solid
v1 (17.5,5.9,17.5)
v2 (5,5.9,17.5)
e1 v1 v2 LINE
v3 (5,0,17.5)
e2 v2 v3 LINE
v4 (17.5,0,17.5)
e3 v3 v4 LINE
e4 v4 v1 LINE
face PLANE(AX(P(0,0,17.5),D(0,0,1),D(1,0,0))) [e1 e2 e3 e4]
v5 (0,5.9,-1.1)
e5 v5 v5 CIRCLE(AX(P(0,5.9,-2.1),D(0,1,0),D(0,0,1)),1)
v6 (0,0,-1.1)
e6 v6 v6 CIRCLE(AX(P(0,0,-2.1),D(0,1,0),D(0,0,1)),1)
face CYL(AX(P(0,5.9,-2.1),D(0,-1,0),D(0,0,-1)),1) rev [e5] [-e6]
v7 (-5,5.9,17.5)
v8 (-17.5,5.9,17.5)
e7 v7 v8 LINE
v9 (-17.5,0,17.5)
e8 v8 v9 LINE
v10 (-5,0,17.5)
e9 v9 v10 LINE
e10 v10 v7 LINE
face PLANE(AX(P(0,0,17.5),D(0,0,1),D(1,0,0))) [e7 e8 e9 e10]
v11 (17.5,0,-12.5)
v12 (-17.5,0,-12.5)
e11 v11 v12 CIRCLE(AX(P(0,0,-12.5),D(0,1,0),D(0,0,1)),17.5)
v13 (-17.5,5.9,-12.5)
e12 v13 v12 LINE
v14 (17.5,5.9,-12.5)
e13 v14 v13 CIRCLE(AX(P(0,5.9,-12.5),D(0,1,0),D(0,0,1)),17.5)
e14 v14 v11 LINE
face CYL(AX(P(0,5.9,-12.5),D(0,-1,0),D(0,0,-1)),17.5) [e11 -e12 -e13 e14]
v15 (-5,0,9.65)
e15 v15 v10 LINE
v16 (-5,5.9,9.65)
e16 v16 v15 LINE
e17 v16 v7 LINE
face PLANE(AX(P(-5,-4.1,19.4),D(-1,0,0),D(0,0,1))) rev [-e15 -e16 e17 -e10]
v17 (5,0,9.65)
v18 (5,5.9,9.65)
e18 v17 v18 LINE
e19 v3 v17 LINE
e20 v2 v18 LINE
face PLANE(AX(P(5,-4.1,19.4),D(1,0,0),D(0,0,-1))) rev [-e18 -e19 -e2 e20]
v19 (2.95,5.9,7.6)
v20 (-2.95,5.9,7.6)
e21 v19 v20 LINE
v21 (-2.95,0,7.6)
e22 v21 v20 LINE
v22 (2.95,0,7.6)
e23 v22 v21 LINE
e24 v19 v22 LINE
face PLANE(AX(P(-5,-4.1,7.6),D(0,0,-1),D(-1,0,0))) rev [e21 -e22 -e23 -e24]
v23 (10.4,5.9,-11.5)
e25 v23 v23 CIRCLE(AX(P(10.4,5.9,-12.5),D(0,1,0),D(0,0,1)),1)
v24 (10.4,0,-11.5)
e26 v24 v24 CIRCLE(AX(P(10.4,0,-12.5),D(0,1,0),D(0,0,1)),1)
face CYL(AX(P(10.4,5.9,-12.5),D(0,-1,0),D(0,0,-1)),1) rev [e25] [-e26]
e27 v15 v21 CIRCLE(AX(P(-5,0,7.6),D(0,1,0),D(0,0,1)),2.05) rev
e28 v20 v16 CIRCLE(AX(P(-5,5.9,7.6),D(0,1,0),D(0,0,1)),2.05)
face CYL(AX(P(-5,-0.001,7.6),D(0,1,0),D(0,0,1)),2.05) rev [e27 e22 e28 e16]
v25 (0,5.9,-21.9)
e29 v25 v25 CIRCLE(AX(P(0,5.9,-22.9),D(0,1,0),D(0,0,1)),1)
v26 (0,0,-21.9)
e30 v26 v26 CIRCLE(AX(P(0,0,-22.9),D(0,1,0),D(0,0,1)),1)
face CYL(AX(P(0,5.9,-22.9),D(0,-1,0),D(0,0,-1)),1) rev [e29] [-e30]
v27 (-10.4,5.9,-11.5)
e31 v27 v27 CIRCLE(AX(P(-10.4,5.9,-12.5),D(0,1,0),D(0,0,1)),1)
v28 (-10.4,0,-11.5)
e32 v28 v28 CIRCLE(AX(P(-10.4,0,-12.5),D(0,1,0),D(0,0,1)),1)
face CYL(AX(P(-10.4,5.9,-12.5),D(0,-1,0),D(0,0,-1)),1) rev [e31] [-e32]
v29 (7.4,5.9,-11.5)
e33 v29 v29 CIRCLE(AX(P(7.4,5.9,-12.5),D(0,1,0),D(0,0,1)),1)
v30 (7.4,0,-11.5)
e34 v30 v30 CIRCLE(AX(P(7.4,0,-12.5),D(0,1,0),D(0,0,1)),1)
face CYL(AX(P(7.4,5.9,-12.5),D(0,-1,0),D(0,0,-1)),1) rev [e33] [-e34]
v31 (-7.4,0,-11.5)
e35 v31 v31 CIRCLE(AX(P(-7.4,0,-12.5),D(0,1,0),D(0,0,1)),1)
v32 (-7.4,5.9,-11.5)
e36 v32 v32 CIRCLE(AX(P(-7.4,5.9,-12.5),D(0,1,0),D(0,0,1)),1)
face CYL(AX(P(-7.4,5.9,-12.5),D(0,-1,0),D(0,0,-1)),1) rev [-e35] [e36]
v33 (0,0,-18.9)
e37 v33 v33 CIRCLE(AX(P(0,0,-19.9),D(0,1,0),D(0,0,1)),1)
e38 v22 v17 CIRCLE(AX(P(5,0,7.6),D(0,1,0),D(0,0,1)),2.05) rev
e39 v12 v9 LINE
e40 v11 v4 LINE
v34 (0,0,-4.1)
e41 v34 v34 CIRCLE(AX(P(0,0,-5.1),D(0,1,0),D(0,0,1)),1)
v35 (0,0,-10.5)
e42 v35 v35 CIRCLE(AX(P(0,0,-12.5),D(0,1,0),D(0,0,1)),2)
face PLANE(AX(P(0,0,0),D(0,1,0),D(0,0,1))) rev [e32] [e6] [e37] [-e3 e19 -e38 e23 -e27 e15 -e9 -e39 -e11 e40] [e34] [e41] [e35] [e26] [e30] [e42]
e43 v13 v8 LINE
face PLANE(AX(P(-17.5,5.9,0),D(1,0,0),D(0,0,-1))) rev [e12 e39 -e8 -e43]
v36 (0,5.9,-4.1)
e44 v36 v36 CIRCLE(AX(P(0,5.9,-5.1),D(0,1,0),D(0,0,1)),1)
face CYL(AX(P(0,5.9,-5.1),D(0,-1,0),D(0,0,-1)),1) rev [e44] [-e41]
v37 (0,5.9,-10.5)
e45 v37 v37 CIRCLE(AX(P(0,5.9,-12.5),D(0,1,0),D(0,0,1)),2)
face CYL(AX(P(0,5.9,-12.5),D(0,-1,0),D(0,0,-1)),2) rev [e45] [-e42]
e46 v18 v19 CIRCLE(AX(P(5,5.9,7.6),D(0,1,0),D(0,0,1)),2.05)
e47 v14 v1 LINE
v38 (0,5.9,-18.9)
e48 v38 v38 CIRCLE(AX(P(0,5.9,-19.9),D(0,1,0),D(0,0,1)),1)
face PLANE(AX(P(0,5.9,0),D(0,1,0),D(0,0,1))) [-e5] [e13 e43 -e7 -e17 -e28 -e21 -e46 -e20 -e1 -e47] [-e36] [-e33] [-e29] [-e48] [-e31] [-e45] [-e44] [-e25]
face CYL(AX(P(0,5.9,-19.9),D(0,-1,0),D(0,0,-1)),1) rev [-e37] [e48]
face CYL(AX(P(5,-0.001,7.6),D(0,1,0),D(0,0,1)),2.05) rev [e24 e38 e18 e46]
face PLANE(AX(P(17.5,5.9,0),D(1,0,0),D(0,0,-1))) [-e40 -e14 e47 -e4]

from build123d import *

# Parameters (mm, degrees)
SKETCH1_R           = 1
BOSS_EXTRUDE1_DEPTH = 5.9
SKETCH2_W           = 10
SKETCH2_H           = 11.8
CUT_EXTRUDE1_DEPTH  = 10
SKETCH3_W           = 12.5
SKETCH3_H           = 5.9
BOSS_EXTRUDE2_DEPTH = 5
CUT_EXTRUDE2_REACH  = 7.9
SKETCH4_R           = 2.05


with BuildPart() as part:
    # Sketch1 → Boss-Extrude1 (new body)
    with BuildSketch(Plane(origin=(0, 0, 0), x_dir=(1, 0, 0), z_dir=(0, 1, 0))):
        with BuildLine():
            ThreePointArc((9.4, 12.5), (10.4, 13.5), (11.4, 12.5))
            Line((11.4, 12.5), (17.5, 12.5))
            ThreePointArc((17.5, 12.5), (0, 30), (-17.5, 12.5))
            Line((-17.5, 12.5), (-11.4, 12.5))
            ThreePointArc((-11.4, 12.5), (-10.4, 13.5), (-9.4, 12.5))
            Line((-9.4, 12.5), (-8.4, 12.5))
            ThreePointArc((-8.4, 12.5), (-7.4, 13.5), (-6.4, 12.5))
            Line((-6.4, 12.5), (-2, 12.5))
            ThreePointArc((-2, 12.5), (0, 14.5), (2, 12.5))
            Line((2, 12.5), (6.4, 12.5))
            ThreePointArc((6.4, 12.5), (7.4, 13.5), (8.4, 12.5))
            Line((8.4, 12.5), (9.4, 12.5))
        make_face()
        with Locations((0, 19.9)):
            Circle(SKETCH1_R, mode=Mode.SUBTRACT)
        with Locations((0, 22.9)):
            Circle(SKETCH1_R, mode=Mode.SUBTRACT)
        with BuildLine():
            Line((17.5, 12.5), (11.4, 12.5))
            ThreePointArc((11.4, 12.5), (10.4, 11.5), (9.4, 12.5))
            Line((9.4, 12.5), (8.4, 12.5))
            ThreePointArc((8.4, 12.5), (7.4, 11.5), (6.4, 12.5))
            Line((6.4, 12.5), (2, 12.5))
            ThreePointArc((2, 12.5), (0, 10.5), (-2, 12.5))
            Line((-2, 12.5), (-6.4, 12.5))
            ThreePointArc((-6.4, 12.5), (-7.4, 11.5), (-8.4, 12.5))
            Line((-8.4, 12.5), (-9.4, 12.5))
            ThreePointArc((-9.4, 12.5), (-10.4, 11.5), (-11.4, 12.5))
            Line((-11.4, 12.5), (-17.5, 12.5))
            ThreePointArc((-17.5, 12.5), (0, -5), (17.5, 12.5))
        make_face()
        with Locations((0, 2.1)):
            Circle(SKETCH1_R, mode=Mode.SUBTRACT)
        with Locations((0, 5.1)):
            Circle(SKETCH1_R, mode=Mode.SUBTRACT)
        with BuildLine():
            Line((17.5, -12.5), (17.5, 12.5))
            ThreePointArc((17.5, 12.5), (0, -5), (-17.5, 12.5))
            Line((-17.5, 12.5), (-17.5, -12.5))
            Line((-17.5, -12.5), (17.5, -12.5))
        make_face()
    extrude(amount=BOSS_EXTRUDE1_DEPTH)

    # Sketch2 → Cut-Extrude1 (cut)
    with BuildSketch(Plane(origin=(0, 5.9, 0), x_dir=(1, 0, 0), z_dir=(0, 1, 0))):
        with Locations((0, -13.5)):
            Rectangle(SKETCH2_W, SKETCH2_H)
    extrude(amount=-CUT_EXTRUDE1_DEPTH, mode=Mode.SUBTRACT)

    # Sketch3 → Boss-Extrude2 (add)
    with BuildSketch(Plane.XY.offset(12.5)):
        with Locations((-11.25, 2.95)):
            Rectangle(SKETCH3_W, SKETCH3_H)
        with Locations((11.25, 2.95)):
            Rectangle(SKETCH3_W, SKETCH3_H)
    extrude(amount=BOSS_EXTRUDE2_DEPTH)

    # Sketch4 → Cut-Extrude2 (cut, up to next)
    with BuildSketch(Plane(origin=(0, 5.9, 0), x_dir=(1, 0, 0), z_dir=(0, 1, 0)), mode=Mode.PRIVATE) as cut_extrude2_sk1:
        with Locations((-5, -7.6)):
            Circle(SKETCH4_R)
    cut_extrude2_tool1 = extrude(cut_extrude2_sk1.sketch, amount=-CUT_EXTRUDE2_REACH, mode=Mode.PRIVATE) & part.part
    add(cut_extrude2_tool1.solids().sort_by_distance((-5, 5.9, 7.6))[0], mode=Mode.SUBTRACT)
    # Sketch4 → Cut-Extrude2 (cut, up to next)
    with BuildSketch(Plane(origin=(0, 5.9, 0), x_dir=(1, 0, 0), z_dir=(0, 1, 0)), mode=Mode.PRIVATE) as cut_extrude2_sk2:
        with Locations((5, -7.6)):
            Circle(SKETCH4_R)
    cut_extrude2_tool2 = extrude(cut_extrude2_sk2.sketch, amount=-CUT_EXTRUDE2_REACH, mode=Mode.PRIVATE) & part.part
    add(cut_extrude2_tool2.solids().sort_by_distance((5, 5.9, 7.6))[0], mode=Mode.SUBTRACT)


solid = part.part
